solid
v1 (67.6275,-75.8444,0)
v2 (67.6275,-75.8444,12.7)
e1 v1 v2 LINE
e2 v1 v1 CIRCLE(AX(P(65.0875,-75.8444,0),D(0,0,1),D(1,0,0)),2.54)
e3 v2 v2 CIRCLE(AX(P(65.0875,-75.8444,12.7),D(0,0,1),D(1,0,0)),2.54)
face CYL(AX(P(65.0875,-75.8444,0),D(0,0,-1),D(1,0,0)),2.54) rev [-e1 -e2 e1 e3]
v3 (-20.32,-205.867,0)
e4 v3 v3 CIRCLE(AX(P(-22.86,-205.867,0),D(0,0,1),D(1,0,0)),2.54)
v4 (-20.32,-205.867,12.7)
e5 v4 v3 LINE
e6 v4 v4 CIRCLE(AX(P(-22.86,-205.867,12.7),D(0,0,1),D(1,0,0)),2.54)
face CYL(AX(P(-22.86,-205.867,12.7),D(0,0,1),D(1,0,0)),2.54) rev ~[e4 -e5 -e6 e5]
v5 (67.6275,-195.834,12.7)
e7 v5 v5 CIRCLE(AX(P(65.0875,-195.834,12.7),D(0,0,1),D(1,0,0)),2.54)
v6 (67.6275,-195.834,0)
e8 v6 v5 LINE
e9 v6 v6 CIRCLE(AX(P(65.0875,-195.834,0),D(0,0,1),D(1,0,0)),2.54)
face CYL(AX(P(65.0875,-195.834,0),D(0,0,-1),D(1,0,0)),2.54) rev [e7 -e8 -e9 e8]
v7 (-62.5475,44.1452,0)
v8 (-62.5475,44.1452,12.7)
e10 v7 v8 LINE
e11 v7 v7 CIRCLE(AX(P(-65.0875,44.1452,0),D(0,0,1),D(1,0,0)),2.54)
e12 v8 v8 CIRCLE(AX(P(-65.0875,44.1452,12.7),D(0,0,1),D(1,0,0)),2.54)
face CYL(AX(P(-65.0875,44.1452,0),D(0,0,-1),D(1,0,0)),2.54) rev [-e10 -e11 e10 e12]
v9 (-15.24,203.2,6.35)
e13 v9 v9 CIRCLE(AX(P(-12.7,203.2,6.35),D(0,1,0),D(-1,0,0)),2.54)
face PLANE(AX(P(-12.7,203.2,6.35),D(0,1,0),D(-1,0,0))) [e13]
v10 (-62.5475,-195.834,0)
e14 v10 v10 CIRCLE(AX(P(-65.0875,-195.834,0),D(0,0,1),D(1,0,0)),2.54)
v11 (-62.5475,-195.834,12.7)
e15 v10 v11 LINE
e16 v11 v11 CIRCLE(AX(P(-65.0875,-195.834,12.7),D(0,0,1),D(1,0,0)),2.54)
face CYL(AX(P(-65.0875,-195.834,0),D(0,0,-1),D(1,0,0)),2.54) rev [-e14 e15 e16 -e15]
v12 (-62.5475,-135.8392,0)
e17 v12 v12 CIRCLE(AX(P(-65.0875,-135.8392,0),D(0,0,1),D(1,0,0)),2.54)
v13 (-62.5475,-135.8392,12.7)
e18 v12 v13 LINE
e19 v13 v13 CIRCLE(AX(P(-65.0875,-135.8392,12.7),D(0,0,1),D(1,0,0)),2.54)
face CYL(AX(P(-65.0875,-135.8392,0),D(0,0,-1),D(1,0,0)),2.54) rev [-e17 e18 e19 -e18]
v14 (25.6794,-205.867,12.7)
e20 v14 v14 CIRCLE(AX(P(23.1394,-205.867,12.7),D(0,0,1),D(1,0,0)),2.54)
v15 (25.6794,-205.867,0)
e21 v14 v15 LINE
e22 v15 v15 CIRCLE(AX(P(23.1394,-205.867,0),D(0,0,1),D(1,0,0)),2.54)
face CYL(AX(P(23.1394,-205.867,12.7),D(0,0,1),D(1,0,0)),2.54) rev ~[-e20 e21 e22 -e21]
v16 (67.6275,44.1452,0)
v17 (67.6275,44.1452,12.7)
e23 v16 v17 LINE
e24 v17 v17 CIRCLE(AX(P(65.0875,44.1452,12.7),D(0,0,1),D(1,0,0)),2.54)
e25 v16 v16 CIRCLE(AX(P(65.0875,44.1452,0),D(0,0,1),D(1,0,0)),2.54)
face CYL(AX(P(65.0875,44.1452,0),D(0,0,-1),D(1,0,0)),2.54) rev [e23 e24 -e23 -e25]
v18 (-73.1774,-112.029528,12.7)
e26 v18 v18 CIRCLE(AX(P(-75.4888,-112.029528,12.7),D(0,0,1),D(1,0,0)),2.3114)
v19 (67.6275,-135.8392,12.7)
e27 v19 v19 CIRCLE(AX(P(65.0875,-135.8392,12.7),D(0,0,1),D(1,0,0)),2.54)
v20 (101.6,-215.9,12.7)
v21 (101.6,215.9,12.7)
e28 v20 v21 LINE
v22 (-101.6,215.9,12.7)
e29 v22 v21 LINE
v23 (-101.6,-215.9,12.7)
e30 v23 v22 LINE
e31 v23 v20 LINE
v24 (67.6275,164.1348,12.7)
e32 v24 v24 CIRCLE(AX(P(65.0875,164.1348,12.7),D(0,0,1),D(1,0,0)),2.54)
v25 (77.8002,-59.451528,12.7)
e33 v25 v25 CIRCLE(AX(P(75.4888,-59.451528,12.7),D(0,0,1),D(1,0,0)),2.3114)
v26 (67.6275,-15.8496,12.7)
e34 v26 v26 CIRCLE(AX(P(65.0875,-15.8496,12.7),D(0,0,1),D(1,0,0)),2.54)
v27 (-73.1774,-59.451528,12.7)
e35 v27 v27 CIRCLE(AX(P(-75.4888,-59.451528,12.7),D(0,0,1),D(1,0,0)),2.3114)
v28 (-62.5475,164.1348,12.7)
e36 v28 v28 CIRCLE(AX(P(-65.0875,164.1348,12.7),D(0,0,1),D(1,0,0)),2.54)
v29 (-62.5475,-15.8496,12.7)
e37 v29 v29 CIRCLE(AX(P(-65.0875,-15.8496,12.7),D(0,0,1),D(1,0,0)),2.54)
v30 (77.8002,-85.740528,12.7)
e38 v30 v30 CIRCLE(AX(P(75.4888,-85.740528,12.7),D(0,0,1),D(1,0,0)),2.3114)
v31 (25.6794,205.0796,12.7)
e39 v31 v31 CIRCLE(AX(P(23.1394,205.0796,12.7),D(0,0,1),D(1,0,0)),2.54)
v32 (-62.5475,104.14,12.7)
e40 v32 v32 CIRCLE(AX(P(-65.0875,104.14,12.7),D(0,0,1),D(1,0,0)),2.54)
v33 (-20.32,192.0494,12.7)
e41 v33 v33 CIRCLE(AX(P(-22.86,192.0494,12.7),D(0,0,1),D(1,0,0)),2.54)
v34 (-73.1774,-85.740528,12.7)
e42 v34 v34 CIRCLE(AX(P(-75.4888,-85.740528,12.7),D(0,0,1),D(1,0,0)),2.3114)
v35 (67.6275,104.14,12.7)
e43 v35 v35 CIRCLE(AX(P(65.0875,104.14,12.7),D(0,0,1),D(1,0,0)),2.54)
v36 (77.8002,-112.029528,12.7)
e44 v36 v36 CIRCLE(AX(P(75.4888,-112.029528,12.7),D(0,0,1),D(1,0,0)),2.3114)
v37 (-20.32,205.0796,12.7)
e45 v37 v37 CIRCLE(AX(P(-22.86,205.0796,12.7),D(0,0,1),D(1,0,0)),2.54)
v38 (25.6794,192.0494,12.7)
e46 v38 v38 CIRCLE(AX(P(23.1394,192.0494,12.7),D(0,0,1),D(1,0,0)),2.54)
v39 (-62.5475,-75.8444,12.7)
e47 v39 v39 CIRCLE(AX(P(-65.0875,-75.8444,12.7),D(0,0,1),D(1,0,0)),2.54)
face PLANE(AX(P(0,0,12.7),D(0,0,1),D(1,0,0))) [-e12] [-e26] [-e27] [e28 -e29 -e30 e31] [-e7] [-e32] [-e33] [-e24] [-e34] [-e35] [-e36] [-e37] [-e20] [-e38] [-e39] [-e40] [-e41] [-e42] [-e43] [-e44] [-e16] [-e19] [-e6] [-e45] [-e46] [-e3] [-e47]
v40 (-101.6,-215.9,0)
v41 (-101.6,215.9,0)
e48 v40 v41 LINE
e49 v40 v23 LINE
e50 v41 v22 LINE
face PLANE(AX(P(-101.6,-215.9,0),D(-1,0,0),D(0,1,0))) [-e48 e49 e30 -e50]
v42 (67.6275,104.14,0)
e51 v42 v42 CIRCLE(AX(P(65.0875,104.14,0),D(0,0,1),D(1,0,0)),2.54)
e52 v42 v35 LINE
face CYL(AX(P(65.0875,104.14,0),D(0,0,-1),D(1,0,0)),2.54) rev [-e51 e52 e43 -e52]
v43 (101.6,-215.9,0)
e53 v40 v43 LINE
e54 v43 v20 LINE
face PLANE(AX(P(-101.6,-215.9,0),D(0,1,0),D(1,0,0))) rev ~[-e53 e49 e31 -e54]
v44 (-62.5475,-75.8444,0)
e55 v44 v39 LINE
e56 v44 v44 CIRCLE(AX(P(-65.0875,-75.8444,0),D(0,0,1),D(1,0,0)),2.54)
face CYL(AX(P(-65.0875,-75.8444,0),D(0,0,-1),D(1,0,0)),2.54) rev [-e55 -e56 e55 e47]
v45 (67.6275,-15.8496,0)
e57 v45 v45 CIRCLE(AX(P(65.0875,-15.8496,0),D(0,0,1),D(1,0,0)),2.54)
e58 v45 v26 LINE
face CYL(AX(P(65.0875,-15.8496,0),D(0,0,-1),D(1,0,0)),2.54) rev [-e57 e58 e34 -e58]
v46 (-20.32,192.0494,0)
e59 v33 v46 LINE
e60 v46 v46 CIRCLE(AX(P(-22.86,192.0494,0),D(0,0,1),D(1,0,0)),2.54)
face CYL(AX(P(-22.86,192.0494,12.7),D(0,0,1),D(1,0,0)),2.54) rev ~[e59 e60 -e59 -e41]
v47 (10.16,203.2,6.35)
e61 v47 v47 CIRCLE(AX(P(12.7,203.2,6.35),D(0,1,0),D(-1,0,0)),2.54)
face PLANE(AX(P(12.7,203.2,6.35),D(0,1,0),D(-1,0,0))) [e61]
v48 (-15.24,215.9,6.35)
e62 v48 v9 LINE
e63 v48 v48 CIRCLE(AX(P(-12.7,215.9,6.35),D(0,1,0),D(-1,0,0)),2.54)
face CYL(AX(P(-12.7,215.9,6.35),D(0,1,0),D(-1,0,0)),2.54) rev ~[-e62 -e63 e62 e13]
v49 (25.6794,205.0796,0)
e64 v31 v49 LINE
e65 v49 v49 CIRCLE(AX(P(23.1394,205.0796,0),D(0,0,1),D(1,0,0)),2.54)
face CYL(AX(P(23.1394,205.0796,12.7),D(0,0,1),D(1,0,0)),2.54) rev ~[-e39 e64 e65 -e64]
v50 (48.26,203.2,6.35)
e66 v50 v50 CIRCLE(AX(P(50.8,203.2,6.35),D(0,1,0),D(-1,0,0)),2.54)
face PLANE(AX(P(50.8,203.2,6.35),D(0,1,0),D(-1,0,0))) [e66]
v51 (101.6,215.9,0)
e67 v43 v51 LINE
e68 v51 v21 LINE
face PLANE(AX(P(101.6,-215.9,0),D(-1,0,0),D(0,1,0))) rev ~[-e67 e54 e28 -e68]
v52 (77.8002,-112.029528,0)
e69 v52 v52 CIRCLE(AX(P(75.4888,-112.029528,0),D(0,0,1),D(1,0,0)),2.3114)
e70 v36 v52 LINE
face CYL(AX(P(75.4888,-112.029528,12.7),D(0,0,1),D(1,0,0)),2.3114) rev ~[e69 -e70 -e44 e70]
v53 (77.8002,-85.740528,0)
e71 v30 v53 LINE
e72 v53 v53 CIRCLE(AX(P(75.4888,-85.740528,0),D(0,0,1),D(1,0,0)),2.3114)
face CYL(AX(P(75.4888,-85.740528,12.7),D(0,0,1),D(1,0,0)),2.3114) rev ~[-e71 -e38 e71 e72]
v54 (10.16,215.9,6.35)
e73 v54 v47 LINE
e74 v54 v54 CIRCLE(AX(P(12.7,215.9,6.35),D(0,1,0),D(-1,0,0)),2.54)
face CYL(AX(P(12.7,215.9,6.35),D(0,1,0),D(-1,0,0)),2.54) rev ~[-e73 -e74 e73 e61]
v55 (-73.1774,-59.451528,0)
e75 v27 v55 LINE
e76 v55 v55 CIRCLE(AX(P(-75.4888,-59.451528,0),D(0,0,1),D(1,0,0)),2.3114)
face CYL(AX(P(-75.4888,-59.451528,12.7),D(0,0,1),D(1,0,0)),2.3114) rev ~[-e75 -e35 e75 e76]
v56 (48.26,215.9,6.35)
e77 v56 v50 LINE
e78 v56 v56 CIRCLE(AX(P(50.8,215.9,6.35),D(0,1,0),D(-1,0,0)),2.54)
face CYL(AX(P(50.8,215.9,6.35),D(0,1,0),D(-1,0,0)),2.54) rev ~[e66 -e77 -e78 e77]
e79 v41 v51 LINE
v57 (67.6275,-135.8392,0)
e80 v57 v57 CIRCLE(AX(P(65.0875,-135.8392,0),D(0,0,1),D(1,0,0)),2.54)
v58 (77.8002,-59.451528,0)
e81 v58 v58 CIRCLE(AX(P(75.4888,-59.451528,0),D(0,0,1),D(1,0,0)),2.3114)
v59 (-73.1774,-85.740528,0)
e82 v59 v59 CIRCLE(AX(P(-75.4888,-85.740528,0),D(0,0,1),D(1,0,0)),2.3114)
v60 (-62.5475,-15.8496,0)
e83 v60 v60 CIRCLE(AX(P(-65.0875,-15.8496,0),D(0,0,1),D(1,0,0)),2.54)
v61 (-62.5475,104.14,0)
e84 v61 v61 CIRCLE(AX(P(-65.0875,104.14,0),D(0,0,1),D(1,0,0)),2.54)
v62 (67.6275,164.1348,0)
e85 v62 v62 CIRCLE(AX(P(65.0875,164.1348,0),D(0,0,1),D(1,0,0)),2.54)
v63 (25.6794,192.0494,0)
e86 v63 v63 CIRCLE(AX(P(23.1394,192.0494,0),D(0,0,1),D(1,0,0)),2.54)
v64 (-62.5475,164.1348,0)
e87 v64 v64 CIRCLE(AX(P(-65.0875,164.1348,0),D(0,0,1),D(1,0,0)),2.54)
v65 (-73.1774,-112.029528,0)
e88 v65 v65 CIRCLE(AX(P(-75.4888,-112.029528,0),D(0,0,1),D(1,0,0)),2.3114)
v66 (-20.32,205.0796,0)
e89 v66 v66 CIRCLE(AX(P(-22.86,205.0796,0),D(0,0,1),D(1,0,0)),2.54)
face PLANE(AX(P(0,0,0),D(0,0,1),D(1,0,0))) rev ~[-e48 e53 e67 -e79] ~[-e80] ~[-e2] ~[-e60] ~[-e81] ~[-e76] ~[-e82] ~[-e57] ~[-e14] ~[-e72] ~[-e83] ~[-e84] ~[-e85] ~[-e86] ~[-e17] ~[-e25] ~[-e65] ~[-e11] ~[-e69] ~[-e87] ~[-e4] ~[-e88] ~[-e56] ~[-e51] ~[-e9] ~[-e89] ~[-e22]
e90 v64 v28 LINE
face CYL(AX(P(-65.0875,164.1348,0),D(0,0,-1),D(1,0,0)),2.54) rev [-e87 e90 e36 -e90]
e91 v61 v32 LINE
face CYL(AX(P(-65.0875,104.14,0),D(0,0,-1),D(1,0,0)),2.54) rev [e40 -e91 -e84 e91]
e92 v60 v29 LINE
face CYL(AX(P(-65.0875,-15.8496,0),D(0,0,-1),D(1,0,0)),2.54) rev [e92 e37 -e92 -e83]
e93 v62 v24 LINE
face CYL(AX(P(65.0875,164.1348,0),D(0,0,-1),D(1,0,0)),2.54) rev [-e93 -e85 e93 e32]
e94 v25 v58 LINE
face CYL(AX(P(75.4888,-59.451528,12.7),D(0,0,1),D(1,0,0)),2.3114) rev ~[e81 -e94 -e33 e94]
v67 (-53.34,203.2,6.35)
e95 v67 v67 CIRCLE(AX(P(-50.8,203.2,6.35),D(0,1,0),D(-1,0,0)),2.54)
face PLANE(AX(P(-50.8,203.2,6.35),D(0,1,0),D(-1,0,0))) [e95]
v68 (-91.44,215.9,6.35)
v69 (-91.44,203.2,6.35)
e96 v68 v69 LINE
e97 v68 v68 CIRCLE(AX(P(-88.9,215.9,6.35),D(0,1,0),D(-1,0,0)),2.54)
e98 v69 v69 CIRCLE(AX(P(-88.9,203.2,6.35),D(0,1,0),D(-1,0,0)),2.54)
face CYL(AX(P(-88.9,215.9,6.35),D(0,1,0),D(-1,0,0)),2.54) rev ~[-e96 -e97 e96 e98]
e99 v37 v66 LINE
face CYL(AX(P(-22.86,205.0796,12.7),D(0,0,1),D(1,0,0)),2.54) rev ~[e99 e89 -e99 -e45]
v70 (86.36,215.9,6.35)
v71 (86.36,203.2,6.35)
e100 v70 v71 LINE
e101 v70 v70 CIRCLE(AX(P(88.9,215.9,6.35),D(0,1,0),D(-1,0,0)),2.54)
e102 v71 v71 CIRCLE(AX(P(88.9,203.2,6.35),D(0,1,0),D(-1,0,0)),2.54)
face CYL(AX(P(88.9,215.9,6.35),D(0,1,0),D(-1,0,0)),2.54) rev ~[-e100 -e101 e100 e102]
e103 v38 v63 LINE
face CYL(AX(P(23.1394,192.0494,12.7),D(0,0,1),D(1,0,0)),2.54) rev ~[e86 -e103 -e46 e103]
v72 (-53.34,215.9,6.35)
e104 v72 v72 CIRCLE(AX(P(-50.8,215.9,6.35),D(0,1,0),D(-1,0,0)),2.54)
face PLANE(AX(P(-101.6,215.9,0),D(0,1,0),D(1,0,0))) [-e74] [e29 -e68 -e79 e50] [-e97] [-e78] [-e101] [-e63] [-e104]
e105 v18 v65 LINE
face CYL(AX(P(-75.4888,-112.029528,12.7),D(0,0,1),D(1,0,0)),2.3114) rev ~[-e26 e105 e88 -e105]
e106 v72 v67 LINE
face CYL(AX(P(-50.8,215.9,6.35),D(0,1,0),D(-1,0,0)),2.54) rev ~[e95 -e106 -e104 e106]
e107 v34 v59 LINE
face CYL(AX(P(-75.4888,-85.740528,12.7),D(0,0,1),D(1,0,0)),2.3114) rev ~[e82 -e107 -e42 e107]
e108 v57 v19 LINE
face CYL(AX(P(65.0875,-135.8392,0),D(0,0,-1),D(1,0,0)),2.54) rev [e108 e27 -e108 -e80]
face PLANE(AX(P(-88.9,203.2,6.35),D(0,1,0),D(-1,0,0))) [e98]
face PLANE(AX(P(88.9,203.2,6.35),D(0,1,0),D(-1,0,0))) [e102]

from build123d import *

# Parameters (mm, degrees)
F0_W     = 203.2
F0_H     = 431.8
F0_R     = 2.54
F1_DEPTH = 12.7
F2_R     = 2.54
F3_DEPTH = 12.701
F4_R     = 2.54
F5_DEPTH = 12.7
F6_R     = 2.3114
F7_DEPTH = 25.4
F8_DEPTH = 25.4


with BuildPart() as f1:
    # F0 (on Top) → F1 (new body)
    with BuildSketch(Plane.XY):
        Rectangle(F0_W, F0_H)
        with Locations((-65.0875, -195.834)):
            Circle(F0_R, mode=Mode.SUBTRACT)
        with Locations((-65.0875, -135.8392)):
            Circle(F0_R, mode=Mode.SUBTRACT)
        with Locations((-65.0875, -75.8444)):
            Circle(F0_R, mode=Mode.SUBTRACT)
        with Locations((-65.0875, -15.8496)):
            Circle(F0_R, mode=Mode.SUBTRACT)
        with Locations((65.0875, -195.834)):
            Circle(F0_R, mode=Mode.SUBTRACT)
        with Locations((65.0875, -135.8392)):
            Circle(F0_R, mode=Mode.SUBTRACT)
        with Locations((65.0875, -75.8444)):
            Circle(F0_R, mode=Mode.SUBTRACT)
        with Locations((65.0875, -15.8496)):
            Circle(F0_R, mode=Mode.SUBTRACT)
        with Locations((-65.0875, 44.1452)):
            Circle(F0_R, mode=Mode.SUBTRACT)
        with Locations((-65.0875, 104.14)):
            Circle(F0_R, mode=Mode.SUBTRACT)
        with Locations((-65.0875, 164.1348)):
            Circle(F0_R, mode=Mode.SUBTRACT)
        with Locations((65.0875, 44.1452)):
            Circle(F0_R, mode=Mode.SUBTRACT)
        with Locations((65.0875, 104.14)):
            Circle(F0_R, mode=Mode.SUBTRACT)
        with Locations((65.0875, 164.1348)):
            Circle(F0_R, mode=Mode.SUBTRACT)
    extrude(amount=F1_DEPTH)

    # F2 (on face) → F3 (cut, through all)
    with BuildSketch(Plane.XY.offset(12.7)):
        with Locations((-22.86, 192.0494)):
            Circle(F2_R)
        with Locations((-22.86, 205.0796)):
            Circle(F2_R)
        with Locations((23.1394, 205.0796)):
            Circle(F2_R)
        with Locations((23.1394, 192.0494)):
            Circle(F2_R)
        with Locations((-22.86, -205.867)):
            Circle(F2_R)
        with Locations((23.1394, -205.867)):
            Circle(F2_R)
    extrude(amount=-F3_DEPTH, mode=Mode.SUBTRACT)

    # F4 (on face) → F5 (cut)
    with BuildSketch(Plane(origin=(0, 215.9, 0), x_dir=(-1, 0, 0), z_dir=(0, 1, 0))):
        with Locations((-88.9, 6.35)):
            Circle(F4_R)
        with Locations((-50.8, 6.35)):
            Circle(F4_R)
        with Locations((50.8, 6.35)):
            Circle(F4_R)
        with Locations((88.9, 6.35)):
            Circle(F4_R)
        with Locations((12.7, 6.35)):
            Circle(F4_R)
        with Locations((-12.7, 6.35)):
            Circle(F4_R)
    extrude(amount=-F5_DEPTH, mode=Mode.SUBTRACT)

    # F6 (on face) → F7 (cut)
    with BuildSketch(Plane.XY.offset(12.7)):
        with Locations((-75.4888, -59.451528)):
            Circle(F6_R)
        with Locations((-75.4888, -85.740528)):
            Circle(F6_R)
        with Locations((-75.4888, -112.029528)):
            Circle(F6_R)
        with Locations((75.4888, -59.451528)):
            Circle(F6_R)
        with Locations((75.4888, -85.740528)):
            Circle(F6_R)
        with Locations((75.4888, -112.029528)):
            Circle(F6_R)
    extrude(amount=-F7_DEPTH, mode=Mode.SUBTRACT)

    # F6 (on face) → F8 (cut)
    with BuildSketch(Plane.XY.offset(12.7)):
        with Locations((-75.4888, -59.451528)):
            Circle(F6_R)
        with Locations((-75.4888, -85.740528)):
            Circle(F6_R)
        with Locations((-75.4888, -112.029528)):
            Circle(F6_R)
        with Locations((75.4888, -59.451528)):
            Circle(F6_R)
        with Locations((75.4888, -85.740528)):
            Circle(F6_R)
        with Locations((75.4888, -112.029528)):
            Circle(F6_R)
    extrude(amount=-F8_DEPTH, mode=Mode.SUBTRACT)


solid = f1.part
